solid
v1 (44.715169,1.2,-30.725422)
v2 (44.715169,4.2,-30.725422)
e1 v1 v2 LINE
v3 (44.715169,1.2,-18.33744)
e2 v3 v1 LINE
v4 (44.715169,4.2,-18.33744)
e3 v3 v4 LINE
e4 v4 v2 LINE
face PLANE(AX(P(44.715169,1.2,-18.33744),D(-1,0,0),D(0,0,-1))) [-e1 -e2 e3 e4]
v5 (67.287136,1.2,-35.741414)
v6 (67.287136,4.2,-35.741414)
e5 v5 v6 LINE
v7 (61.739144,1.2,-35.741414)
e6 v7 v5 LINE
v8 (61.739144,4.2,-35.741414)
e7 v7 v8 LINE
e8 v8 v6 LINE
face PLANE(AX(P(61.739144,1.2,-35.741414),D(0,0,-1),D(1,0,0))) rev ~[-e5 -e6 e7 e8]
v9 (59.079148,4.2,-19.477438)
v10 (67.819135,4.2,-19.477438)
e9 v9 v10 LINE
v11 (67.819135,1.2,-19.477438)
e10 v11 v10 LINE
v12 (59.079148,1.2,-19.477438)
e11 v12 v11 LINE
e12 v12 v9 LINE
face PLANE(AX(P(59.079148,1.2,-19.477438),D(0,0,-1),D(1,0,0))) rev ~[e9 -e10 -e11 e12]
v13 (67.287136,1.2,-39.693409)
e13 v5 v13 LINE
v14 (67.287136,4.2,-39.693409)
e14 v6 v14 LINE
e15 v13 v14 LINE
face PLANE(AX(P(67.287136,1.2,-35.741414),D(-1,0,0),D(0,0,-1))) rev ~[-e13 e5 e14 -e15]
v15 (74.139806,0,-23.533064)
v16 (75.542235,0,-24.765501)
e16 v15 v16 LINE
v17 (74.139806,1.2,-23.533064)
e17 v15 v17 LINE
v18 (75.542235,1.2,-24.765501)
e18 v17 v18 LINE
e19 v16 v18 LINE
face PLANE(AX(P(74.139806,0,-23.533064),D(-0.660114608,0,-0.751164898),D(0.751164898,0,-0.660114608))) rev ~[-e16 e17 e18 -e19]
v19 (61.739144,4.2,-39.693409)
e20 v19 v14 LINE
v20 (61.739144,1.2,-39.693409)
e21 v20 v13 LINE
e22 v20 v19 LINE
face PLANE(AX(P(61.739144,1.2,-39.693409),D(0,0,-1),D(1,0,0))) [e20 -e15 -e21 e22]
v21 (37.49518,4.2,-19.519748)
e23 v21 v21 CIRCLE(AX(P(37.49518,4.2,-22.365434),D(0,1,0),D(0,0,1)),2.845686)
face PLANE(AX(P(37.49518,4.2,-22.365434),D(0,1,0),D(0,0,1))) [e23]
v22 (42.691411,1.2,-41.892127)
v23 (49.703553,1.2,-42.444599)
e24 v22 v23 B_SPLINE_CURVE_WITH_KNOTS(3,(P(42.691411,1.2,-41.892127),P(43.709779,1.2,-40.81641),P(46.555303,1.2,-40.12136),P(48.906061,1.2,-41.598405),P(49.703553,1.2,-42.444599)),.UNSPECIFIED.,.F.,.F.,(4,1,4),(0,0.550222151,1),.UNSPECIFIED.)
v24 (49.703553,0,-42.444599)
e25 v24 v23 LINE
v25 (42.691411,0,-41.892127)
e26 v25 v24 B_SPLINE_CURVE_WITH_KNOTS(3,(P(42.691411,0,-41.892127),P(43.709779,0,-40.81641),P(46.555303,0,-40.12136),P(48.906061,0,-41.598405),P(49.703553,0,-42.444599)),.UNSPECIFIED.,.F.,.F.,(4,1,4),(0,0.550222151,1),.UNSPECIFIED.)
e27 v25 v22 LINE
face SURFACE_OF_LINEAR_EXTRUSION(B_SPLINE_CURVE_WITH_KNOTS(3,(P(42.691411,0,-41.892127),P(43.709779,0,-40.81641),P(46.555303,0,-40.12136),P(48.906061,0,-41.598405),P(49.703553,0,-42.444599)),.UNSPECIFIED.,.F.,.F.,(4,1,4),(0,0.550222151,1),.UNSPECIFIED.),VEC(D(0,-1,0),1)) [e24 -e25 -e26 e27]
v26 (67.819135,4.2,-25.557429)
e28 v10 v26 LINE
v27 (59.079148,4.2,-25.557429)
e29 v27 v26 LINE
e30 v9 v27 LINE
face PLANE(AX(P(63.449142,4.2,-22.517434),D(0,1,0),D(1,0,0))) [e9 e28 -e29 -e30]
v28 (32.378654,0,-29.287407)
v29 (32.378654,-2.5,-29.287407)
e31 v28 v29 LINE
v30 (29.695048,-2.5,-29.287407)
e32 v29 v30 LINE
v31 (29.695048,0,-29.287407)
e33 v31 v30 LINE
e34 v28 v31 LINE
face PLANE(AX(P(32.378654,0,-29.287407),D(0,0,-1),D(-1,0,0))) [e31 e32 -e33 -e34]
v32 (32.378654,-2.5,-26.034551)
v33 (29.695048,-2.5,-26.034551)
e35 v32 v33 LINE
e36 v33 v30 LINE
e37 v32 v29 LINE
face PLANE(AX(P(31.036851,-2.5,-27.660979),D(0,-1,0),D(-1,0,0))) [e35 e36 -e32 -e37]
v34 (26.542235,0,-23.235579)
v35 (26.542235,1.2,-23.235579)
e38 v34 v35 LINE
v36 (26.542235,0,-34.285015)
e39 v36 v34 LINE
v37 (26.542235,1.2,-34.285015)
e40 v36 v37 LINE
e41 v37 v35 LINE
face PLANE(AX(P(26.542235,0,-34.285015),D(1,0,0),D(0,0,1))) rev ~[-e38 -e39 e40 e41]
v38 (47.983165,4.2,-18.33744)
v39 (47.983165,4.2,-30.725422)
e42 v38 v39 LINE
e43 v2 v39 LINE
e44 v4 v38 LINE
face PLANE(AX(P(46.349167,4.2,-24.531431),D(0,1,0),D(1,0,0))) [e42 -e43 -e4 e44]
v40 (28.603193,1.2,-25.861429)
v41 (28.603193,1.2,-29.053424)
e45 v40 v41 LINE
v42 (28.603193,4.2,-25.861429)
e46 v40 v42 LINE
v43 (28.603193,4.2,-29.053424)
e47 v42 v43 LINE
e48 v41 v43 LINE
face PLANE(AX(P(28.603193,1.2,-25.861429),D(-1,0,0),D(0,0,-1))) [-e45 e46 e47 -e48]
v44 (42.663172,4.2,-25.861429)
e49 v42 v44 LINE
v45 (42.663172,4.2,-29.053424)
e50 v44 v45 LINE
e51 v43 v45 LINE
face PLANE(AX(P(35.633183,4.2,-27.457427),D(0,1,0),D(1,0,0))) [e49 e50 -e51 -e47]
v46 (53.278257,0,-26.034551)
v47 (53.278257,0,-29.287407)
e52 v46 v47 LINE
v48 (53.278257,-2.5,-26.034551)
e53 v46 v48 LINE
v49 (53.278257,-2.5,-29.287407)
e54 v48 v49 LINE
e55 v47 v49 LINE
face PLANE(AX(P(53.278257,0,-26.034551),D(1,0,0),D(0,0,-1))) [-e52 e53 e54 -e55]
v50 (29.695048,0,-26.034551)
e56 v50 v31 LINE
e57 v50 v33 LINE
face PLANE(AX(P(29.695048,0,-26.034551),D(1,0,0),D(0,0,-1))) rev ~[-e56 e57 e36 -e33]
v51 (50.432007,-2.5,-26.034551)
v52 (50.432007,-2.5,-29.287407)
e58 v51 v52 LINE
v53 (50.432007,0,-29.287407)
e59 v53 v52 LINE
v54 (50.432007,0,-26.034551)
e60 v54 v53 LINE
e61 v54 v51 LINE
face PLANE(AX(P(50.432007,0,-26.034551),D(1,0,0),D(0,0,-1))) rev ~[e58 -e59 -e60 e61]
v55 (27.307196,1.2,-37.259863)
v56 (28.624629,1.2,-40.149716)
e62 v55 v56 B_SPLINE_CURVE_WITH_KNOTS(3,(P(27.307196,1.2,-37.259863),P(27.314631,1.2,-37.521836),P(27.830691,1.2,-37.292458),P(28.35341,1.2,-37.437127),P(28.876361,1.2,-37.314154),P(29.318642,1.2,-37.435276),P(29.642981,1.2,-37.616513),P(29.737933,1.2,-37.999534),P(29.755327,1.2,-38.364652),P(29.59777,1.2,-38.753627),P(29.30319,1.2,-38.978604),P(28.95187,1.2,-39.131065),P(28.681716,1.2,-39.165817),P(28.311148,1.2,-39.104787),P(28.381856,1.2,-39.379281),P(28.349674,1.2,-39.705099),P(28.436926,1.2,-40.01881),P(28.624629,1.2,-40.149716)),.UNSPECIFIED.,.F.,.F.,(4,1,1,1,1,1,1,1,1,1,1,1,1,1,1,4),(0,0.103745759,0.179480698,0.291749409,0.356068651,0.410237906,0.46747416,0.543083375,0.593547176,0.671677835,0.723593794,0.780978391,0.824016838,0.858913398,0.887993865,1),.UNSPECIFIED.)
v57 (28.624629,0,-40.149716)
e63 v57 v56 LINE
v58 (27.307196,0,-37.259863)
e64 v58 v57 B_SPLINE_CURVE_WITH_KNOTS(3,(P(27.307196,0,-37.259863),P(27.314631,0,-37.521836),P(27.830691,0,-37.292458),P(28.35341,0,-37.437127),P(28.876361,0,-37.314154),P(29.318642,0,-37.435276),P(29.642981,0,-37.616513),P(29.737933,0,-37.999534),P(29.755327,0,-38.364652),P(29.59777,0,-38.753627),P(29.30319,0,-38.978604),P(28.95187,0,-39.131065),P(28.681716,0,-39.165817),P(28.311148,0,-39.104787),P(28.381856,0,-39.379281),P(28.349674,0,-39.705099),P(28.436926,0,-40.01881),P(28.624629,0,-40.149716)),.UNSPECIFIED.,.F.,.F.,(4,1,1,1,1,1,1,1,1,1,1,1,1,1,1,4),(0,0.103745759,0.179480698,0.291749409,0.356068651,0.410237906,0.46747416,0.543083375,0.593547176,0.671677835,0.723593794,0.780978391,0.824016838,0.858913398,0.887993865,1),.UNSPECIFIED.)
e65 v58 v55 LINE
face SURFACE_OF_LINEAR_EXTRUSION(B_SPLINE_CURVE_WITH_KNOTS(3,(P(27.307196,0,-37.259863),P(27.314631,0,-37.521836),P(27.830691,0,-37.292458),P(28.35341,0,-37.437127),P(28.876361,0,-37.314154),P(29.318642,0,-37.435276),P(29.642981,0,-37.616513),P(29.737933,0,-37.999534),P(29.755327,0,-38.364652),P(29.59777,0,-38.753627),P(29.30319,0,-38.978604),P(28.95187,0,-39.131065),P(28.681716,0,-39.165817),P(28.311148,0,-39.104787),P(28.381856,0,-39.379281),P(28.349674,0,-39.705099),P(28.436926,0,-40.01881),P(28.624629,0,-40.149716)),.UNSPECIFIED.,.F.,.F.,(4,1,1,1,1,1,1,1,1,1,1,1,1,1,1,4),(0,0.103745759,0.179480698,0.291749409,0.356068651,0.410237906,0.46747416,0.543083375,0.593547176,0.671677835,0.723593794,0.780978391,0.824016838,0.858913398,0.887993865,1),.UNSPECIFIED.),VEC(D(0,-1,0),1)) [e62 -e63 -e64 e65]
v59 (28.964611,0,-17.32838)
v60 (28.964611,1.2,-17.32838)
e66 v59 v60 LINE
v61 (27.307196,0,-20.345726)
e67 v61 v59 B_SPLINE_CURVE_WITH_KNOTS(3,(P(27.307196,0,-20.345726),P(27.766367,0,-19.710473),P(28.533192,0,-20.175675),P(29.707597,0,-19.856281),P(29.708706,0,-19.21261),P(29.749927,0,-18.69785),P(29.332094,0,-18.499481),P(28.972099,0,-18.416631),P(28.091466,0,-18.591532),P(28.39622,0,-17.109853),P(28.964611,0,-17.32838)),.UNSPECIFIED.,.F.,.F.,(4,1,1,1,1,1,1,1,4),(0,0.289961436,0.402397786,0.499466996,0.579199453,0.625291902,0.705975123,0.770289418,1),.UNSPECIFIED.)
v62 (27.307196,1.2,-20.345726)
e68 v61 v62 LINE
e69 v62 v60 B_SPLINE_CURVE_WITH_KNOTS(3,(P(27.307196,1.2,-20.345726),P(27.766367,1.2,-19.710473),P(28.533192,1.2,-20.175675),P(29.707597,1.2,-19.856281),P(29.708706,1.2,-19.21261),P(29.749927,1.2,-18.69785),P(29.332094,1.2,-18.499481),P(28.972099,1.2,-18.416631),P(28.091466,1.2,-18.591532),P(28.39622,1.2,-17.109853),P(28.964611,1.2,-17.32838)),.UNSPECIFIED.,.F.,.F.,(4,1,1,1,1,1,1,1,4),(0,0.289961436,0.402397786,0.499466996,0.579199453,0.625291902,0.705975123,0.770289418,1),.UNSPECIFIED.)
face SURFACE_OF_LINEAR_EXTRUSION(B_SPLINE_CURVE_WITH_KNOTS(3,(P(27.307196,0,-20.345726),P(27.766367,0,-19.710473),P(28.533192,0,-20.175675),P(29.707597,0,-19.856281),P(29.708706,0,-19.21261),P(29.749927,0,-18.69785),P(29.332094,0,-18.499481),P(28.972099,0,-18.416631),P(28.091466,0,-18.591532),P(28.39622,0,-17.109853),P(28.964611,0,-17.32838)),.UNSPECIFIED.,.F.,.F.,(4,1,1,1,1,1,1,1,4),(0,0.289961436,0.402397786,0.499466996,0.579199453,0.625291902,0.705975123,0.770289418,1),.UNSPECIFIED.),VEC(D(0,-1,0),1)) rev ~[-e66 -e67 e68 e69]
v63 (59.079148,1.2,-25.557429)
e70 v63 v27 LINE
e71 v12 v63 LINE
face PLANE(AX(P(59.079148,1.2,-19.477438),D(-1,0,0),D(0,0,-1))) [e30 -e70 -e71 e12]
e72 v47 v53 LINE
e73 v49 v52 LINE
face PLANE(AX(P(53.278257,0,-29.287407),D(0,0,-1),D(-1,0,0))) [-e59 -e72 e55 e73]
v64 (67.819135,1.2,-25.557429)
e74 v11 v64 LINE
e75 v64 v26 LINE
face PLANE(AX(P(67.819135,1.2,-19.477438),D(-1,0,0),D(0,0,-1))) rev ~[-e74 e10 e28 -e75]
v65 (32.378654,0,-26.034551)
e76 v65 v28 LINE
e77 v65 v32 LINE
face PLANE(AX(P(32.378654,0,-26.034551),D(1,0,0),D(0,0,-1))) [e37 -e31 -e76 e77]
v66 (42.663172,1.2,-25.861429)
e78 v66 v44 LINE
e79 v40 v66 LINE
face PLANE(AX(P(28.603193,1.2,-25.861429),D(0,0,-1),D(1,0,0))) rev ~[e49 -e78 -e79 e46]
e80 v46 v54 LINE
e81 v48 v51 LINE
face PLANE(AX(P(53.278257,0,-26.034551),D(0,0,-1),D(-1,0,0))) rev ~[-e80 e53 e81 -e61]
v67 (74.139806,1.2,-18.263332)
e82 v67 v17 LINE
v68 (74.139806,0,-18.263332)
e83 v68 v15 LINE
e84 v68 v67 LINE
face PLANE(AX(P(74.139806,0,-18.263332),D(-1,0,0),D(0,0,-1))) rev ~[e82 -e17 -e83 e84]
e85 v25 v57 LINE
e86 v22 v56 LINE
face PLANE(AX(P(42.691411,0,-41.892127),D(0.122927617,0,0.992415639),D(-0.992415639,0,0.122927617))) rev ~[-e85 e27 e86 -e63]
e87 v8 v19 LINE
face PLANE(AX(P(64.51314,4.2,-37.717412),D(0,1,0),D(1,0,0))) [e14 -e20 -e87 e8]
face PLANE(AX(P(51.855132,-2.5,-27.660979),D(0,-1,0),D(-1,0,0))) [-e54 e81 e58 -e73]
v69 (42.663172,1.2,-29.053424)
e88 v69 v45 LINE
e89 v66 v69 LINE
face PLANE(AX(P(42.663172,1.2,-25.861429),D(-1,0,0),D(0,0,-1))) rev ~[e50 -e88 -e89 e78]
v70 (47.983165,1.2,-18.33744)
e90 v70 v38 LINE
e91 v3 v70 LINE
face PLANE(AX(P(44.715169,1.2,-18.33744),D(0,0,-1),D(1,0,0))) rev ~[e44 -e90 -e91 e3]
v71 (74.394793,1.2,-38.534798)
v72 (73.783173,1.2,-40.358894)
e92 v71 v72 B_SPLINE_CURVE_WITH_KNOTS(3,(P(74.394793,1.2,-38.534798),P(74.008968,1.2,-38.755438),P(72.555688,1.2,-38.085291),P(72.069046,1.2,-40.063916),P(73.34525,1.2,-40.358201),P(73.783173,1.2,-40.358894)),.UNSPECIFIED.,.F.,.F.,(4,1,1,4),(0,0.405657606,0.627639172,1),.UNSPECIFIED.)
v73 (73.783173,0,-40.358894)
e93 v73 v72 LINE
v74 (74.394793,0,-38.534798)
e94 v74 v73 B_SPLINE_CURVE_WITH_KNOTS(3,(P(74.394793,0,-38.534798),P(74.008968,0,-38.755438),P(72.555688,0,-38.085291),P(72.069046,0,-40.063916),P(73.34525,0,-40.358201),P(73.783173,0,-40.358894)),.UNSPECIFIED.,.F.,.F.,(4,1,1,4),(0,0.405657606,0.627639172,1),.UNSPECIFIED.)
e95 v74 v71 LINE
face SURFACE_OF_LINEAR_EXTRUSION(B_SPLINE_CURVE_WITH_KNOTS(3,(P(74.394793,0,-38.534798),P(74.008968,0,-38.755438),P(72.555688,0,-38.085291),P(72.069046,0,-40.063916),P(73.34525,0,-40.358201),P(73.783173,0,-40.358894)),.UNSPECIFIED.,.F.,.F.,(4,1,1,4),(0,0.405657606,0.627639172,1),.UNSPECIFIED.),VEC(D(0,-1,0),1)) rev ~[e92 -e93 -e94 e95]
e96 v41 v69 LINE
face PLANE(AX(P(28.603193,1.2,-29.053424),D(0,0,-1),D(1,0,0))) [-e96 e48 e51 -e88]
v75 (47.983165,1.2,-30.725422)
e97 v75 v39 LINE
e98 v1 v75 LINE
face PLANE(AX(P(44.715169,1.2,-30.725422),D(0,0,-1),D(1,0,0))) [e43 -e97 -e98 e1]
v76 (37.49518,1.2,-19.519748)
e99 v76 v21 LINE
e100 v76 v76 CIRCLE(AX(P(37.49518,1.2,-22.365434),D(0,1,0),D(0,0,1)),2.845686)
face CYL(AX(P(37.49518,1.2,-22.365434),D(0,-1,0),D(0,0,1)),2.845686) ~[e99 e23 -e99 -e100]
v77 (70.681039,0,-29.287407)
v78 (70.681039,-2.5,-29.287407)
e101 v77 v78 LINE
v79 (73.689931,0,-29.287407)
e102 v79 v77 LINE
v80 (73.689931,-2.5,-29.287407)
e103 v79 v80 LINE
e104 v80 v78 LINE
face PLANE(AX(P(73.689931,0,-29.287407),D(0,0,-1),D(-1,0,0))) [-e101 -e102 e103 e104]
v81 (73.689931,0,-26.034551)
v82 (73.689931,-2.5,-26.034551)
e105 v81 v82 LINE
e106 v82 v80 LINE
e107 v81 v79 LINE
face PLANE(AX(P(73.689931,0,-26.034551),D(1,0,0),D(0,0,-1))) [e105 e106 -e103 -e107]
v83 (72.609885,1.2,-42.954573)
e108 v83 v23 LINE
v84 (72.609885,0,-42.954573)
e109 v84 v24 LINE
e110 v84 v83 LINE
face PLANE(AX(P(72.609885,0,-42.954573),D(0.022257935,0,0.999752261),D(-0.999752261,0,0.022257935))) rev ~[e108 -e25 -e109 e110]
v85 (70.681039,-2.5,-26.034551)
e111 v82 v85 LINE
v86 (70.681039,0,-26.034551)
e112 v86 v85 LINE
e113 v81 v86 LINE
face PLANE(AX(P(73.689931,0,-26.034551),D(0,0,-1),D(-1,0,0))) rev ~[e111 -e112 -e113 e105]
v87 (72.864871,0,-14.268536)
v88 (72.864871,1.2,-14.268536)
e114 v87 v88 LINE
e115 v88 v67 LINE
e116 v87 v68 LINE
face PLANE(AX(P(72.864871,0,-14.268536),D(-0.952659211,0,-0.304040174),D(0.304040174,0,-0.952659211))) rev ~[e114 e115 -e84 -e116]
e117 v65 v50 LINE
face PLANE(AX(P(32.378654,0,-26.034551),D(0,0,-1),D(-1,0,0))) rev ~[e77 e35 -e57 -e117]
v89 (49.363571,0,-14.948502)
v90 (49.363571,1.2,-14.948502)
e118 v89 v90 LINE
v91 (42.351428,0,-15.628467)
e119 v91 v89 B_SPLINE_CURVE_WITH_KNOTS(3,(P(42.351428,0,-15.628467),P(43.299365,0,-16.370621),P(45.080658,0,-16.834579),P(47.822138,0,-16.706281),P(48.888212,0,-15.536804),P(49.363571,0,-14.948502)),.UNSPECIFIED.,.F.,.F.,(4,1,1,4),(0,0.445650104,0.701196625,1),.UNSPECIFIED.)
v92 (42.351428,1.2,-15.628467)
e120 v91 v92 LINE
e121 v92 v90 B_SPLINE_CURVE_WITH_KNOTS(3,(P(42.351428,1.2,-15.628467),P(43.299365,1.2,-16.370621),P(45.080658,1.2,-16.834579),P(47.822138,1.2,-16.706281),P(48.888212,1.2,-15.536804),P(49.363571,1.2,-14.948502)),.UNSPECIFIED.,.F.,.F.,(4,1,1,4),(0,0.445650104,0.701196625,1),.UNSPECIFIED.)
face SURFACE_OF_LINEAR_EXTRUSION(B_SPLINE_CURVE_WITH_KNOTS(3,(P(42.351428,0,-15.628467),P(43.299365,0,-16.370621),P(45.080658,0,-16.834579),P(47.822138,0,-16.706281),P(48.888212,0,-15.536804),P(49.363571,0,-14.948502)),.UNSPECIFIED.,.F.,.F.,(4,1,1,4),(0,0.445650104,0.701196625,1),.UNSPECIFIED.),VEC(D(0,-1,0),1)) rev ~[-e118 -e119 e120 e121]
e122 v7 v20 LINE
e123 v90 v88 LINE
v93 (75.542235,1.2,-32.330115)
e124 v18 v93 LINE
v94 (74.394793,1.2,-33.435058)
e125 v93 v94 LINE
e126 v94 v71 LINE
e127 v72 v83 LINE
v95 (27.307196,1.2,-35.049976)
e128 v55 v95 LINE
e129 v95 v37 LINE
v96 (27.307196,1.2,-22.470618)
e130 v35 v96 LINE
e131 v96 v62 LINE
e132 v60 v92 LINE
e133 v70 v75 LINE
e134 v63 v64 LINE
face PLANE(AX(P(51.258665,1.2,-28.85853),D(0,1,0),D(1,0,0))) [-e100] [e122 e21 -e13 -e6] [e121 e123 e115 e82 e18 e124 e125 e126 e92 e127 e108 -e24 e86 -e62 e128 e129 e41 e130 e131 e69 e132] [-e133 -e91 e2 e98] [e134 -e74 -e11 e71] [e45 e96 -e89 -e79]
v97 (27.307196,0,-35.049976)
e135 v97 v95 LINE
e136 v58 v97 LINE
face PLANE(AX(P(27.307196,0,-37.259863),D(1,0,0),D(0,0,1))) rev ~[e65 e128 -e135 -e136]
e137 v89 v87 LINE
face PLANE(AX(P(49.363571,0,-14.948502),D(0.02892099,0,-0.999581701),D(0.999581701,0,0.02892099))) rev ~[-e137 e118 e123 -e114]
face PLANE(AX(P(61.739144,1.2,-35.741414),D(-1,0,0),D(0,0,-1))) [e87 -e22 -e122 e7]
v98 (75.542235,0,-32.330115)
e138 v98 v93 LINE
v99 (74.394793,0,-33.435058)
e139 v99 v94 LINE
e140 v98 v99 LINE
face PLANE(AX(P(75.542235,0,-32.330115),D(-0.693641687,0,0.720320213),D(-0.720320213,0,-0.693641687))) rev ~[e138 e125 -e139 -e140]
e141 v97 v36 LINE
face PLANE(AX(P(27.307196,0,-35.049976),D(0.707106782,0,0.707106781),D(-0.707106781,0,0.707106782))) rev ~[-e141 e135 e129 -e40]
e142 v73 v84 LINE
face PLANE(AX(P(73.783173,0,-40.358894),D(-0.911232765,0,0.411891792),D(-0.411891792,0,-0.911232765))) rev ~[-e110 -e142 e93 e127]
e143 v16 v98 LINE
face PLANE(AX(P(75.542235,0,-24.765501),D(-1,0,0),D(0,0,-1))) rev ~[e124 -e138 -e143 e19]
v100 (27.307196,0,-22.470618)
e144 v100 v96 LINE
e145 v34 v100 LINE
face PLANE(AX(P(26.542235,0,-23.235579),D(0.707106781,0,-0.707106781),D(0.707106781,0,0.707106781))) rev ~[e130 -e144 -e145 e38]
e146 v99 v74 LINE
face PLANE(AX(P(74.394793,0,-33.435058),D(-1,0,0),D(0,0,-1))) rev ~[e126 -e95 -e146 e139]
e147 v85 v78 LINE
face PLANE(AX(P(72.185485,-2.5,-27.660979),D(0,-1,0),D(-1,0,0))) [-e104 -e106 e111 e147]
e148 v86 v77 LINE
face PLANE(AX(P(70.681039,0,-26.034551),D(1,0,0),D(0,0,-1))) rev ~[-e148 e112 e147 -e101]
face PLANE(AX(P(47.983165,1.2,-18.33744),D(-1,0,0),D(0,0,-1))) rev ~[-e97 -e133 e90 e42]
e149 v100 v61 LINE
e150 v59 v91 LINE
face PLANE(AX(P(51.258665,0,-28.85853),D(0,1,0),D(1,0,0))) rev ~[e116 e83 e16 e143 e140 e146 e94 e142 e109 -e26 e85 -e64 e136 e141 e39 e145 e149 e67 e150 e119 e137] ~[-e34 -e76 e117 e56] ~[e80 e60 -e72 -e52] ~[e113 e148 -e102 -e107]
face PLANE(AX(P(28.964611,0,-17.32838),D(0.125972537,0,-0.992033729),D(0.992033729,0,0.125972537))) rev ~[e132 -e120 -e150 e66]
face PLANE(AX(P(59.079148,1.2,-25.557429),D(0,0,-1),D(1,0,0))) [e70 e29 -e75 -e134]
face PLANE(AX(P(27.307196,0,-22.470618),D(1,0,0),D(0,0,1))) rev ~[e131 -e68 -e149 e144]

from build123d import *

# Parameters (mm, degrees)
EXTRUDE_1_DEPTH = 1.2
SKETCH_2_R      = 2.845685889
SKETCH_2_W      = 8.739987145
SKETCH_2_H      = 6.079991058
SKETCH_2_W_2    = 5.547991841
SKETCH_2_H_2    = 3.951994188
SKETCH_2_W_3    = 14.059979321
SKETCH_2_H_3    = 3.191995305
SKETCH_2_W_4    = 3.267995194
SKETCH_2_H_4    = 12.38798178
EXTRUDE_2_DEPTH = 3
SKETCH_3_W      = 2.683606537
SKETCH_3_H      = 3.252856408
SKETCH_3_W_2    = 2.846249357
SKETCH_3_W_3    = 3.008892177
EXTRUDE_3_DEPTH = 2.5


with BuildPart() as part:
    # 草图1 → 凸台-拉伸1 (new body)
    with BuildSketch(Plane(origin=(0, 0, 0), x_dir=(1, 0, 0), z_dir=(0, 1, 0))):
        with BuildLine():
            Line((26.542234899, 34.28501498), (26.542234899, 23.235578727))
            Line((26.542234899, 23.235578727), (27.30719587, 22.470617756))
            Line((27.30719587, 22.470617756), (27.30719587, 20.345726169))
            add(Edge.make_bspline(
                [(27.30719587, 20.345726169), (27.766366726, 19.710473493), (28.533192041, 20.17567494), (29.707597035, 19.856281374), (29.708705733, 19.21261025), (29.749927114, 18.697849945), (29.332093975, 18.49948094), (28.972099363, 18.416631461), (28.09146585, 18.591532269), (28.396219588, 17.109853086), (28.964611308, 17.328380115)],
                knots=[0, 0, 0, 0, 0.289961436, 0.402397786, 0.499466996, 0.579199453, 0.625291902, 0.705975123, 0.770289418, 1, 1, 1, 1], degree=3))
            Line((28.964611308, 17.328380115), (42.351428307, 15.628466845))
            add(Edge.make_bspline(
                [(42.351428307, 15.628466845), (43.299365142, 16.370621016), (45.080658031, 16.834578894), (47.822138144, 16.706281246), (48.888212373, 15.536804191), (49.363570545, 14.948501537)],
                knots=[0, 0, 0, 0, 0.445650104, 0.701196625, 1, 1, 1, 1], degree=3))
            Line((49.363570545, 14.948501537), (72.864871499, 14.268536229))
            Line((72.864871499, 14.268536229), (74.139806451, 18.263332413))
            Line((74.139806451, 18.263332413), (74.139806451, 23.533063549))
            Line((74.139806451, 23.533063549), (75.542234899, 24.76550067))
            Line((75.542234899, 24.76550067), (75.542234899, 32.33011472))
            Line((75.542234899, 32.33011472), (74.394793442, 33.435058346))
            Line((74.394793442, 33.435058346), (74.394793442, 38.534798155))
            add(Edge.make_bspline(
                [(74.394793442, 38.534798155), (74.008968349, 38.755438485), (72.555688158, 38.085290889), (72.06904566, 40.063916184), (73.345250089, 40.358200505), (73.783172645, 40.358894346)],
                knots=[0, 0, 0, 0, 0.405657606, 0.627639172, 1, 1, 1, 1], degree=3))
            Line((73.783172645, 40.358894346), (72.609884509, 42.954572656))
            Line((72.609884509, 42.954572656), (49.703553199, 42.444598675))
            add(Edge.make_bspline(
                [(42.691410961, 41.892126862), (43.709779178, 40.816409962), (46.555302503, 40.12135972), (48.90606063, 41.598404573), (49.703553199, 42.444598675)],
                knots=[0, 0, 0, 0, 0.550222151, 1, 1, 1, 1], degree=3))
            Line((42.691410961, 41.892126862), (28.624628654, 40.149715761))
            add(Edge.make_bspline(
                [(27.30719587, 37.259863202), (27.314631273, 37.521835862), (27.83069071, 37.292457691), (28.353409591, 37.437127103), (28.876361187, 37.314153988), (29.318642161, 37.435275806), (29.642981163, 37.616513103), (29.737932693, 37.999534231), (29.755327437, 38.364651638), (29.597769614, 38.753626796), (29.303190466, 38.978604337), (28.951869554, 39.131064843), (28.681716421, 39.165816683), (28.311148089, 39.104787343), (28.381856335, 39.379281333), (28.349673781, 39.705099267), (28.436926255, 40.018809553), (28.624628654, 40.149715761)],
                knots=[0, 0, 0, 0, 0.103745759, 0.179480698, 0.291749409, 0.356068651, 0.410237906, 0.46747416, 0.543083375, 0.593547176, 0.671677835, 0.723593794, 0.780978391, 0.824016838, 0.858913398, 0.887993865, 1, 1, 1, 1], degree=3))
            Line((27.30719587, 37.259863202), (27.30719587, 35.049975952))
            Line((27.30719587, 35.049975952), (26.542234899, 34.28501498))
        make_face()
    extrude(amount=EXTRUDE_1_DEPTH)

    # 草图2 → 凸台-拉伸2 (add)
    with BuildSketch(Plane(origin=(0, 1.2, 0), x_dir=(1, 0, 0), z_dir=(0, 1, 0))):
        with Locations(Location((37.495180045, 22.365434172, 0), (0, 0, 270))):
            Circle(SKETCH_2_R)
        with Locations((63.449141874, 22.517433948)):
            Rectangle(SKETCH_2_W, SKETCH_2_H)
        with Locations((64.513140308, 37.717411593)):
            Rectangle(SKETCH_2_W_2, SKETCH_2_H_2)
        with Locations((35.633182784, 27.457426682)):
            Rectangle(SKETCH_2_W_3, SKETCH_2_H_3)
        with Locations((46.349167023, 24.531430986)):
            Rectangle(SKETCH_2_W_4, SKETCH_2_H_4)
    extrude(amount=EXTRUDE_2_DEPTH)

    # 草图3 → 凸台-拉伸3 (add)
    with BuildSketch(Plane(origin=(0, 0, 0), x_dir=(-1, 0, 0), z_dir=(0, -1, 0))):
        with Locations((-31.036851076, 27.66097912)):
            Rectangle(SKETCH_3_W, SKETCH_3_H)
        with Locations((-51.855132088, 27.66097912)):
            Rectangle(SKETCH_3_W_2, SKETCH_3_H)
        with Locations((-72.185484637, 27.66097912)):
            Rectangle(SKETCH_3_W_3, SKETCH_3_H)
    extrude(amount=EXTRUDE_3_DEPTH)


solid = part.part
